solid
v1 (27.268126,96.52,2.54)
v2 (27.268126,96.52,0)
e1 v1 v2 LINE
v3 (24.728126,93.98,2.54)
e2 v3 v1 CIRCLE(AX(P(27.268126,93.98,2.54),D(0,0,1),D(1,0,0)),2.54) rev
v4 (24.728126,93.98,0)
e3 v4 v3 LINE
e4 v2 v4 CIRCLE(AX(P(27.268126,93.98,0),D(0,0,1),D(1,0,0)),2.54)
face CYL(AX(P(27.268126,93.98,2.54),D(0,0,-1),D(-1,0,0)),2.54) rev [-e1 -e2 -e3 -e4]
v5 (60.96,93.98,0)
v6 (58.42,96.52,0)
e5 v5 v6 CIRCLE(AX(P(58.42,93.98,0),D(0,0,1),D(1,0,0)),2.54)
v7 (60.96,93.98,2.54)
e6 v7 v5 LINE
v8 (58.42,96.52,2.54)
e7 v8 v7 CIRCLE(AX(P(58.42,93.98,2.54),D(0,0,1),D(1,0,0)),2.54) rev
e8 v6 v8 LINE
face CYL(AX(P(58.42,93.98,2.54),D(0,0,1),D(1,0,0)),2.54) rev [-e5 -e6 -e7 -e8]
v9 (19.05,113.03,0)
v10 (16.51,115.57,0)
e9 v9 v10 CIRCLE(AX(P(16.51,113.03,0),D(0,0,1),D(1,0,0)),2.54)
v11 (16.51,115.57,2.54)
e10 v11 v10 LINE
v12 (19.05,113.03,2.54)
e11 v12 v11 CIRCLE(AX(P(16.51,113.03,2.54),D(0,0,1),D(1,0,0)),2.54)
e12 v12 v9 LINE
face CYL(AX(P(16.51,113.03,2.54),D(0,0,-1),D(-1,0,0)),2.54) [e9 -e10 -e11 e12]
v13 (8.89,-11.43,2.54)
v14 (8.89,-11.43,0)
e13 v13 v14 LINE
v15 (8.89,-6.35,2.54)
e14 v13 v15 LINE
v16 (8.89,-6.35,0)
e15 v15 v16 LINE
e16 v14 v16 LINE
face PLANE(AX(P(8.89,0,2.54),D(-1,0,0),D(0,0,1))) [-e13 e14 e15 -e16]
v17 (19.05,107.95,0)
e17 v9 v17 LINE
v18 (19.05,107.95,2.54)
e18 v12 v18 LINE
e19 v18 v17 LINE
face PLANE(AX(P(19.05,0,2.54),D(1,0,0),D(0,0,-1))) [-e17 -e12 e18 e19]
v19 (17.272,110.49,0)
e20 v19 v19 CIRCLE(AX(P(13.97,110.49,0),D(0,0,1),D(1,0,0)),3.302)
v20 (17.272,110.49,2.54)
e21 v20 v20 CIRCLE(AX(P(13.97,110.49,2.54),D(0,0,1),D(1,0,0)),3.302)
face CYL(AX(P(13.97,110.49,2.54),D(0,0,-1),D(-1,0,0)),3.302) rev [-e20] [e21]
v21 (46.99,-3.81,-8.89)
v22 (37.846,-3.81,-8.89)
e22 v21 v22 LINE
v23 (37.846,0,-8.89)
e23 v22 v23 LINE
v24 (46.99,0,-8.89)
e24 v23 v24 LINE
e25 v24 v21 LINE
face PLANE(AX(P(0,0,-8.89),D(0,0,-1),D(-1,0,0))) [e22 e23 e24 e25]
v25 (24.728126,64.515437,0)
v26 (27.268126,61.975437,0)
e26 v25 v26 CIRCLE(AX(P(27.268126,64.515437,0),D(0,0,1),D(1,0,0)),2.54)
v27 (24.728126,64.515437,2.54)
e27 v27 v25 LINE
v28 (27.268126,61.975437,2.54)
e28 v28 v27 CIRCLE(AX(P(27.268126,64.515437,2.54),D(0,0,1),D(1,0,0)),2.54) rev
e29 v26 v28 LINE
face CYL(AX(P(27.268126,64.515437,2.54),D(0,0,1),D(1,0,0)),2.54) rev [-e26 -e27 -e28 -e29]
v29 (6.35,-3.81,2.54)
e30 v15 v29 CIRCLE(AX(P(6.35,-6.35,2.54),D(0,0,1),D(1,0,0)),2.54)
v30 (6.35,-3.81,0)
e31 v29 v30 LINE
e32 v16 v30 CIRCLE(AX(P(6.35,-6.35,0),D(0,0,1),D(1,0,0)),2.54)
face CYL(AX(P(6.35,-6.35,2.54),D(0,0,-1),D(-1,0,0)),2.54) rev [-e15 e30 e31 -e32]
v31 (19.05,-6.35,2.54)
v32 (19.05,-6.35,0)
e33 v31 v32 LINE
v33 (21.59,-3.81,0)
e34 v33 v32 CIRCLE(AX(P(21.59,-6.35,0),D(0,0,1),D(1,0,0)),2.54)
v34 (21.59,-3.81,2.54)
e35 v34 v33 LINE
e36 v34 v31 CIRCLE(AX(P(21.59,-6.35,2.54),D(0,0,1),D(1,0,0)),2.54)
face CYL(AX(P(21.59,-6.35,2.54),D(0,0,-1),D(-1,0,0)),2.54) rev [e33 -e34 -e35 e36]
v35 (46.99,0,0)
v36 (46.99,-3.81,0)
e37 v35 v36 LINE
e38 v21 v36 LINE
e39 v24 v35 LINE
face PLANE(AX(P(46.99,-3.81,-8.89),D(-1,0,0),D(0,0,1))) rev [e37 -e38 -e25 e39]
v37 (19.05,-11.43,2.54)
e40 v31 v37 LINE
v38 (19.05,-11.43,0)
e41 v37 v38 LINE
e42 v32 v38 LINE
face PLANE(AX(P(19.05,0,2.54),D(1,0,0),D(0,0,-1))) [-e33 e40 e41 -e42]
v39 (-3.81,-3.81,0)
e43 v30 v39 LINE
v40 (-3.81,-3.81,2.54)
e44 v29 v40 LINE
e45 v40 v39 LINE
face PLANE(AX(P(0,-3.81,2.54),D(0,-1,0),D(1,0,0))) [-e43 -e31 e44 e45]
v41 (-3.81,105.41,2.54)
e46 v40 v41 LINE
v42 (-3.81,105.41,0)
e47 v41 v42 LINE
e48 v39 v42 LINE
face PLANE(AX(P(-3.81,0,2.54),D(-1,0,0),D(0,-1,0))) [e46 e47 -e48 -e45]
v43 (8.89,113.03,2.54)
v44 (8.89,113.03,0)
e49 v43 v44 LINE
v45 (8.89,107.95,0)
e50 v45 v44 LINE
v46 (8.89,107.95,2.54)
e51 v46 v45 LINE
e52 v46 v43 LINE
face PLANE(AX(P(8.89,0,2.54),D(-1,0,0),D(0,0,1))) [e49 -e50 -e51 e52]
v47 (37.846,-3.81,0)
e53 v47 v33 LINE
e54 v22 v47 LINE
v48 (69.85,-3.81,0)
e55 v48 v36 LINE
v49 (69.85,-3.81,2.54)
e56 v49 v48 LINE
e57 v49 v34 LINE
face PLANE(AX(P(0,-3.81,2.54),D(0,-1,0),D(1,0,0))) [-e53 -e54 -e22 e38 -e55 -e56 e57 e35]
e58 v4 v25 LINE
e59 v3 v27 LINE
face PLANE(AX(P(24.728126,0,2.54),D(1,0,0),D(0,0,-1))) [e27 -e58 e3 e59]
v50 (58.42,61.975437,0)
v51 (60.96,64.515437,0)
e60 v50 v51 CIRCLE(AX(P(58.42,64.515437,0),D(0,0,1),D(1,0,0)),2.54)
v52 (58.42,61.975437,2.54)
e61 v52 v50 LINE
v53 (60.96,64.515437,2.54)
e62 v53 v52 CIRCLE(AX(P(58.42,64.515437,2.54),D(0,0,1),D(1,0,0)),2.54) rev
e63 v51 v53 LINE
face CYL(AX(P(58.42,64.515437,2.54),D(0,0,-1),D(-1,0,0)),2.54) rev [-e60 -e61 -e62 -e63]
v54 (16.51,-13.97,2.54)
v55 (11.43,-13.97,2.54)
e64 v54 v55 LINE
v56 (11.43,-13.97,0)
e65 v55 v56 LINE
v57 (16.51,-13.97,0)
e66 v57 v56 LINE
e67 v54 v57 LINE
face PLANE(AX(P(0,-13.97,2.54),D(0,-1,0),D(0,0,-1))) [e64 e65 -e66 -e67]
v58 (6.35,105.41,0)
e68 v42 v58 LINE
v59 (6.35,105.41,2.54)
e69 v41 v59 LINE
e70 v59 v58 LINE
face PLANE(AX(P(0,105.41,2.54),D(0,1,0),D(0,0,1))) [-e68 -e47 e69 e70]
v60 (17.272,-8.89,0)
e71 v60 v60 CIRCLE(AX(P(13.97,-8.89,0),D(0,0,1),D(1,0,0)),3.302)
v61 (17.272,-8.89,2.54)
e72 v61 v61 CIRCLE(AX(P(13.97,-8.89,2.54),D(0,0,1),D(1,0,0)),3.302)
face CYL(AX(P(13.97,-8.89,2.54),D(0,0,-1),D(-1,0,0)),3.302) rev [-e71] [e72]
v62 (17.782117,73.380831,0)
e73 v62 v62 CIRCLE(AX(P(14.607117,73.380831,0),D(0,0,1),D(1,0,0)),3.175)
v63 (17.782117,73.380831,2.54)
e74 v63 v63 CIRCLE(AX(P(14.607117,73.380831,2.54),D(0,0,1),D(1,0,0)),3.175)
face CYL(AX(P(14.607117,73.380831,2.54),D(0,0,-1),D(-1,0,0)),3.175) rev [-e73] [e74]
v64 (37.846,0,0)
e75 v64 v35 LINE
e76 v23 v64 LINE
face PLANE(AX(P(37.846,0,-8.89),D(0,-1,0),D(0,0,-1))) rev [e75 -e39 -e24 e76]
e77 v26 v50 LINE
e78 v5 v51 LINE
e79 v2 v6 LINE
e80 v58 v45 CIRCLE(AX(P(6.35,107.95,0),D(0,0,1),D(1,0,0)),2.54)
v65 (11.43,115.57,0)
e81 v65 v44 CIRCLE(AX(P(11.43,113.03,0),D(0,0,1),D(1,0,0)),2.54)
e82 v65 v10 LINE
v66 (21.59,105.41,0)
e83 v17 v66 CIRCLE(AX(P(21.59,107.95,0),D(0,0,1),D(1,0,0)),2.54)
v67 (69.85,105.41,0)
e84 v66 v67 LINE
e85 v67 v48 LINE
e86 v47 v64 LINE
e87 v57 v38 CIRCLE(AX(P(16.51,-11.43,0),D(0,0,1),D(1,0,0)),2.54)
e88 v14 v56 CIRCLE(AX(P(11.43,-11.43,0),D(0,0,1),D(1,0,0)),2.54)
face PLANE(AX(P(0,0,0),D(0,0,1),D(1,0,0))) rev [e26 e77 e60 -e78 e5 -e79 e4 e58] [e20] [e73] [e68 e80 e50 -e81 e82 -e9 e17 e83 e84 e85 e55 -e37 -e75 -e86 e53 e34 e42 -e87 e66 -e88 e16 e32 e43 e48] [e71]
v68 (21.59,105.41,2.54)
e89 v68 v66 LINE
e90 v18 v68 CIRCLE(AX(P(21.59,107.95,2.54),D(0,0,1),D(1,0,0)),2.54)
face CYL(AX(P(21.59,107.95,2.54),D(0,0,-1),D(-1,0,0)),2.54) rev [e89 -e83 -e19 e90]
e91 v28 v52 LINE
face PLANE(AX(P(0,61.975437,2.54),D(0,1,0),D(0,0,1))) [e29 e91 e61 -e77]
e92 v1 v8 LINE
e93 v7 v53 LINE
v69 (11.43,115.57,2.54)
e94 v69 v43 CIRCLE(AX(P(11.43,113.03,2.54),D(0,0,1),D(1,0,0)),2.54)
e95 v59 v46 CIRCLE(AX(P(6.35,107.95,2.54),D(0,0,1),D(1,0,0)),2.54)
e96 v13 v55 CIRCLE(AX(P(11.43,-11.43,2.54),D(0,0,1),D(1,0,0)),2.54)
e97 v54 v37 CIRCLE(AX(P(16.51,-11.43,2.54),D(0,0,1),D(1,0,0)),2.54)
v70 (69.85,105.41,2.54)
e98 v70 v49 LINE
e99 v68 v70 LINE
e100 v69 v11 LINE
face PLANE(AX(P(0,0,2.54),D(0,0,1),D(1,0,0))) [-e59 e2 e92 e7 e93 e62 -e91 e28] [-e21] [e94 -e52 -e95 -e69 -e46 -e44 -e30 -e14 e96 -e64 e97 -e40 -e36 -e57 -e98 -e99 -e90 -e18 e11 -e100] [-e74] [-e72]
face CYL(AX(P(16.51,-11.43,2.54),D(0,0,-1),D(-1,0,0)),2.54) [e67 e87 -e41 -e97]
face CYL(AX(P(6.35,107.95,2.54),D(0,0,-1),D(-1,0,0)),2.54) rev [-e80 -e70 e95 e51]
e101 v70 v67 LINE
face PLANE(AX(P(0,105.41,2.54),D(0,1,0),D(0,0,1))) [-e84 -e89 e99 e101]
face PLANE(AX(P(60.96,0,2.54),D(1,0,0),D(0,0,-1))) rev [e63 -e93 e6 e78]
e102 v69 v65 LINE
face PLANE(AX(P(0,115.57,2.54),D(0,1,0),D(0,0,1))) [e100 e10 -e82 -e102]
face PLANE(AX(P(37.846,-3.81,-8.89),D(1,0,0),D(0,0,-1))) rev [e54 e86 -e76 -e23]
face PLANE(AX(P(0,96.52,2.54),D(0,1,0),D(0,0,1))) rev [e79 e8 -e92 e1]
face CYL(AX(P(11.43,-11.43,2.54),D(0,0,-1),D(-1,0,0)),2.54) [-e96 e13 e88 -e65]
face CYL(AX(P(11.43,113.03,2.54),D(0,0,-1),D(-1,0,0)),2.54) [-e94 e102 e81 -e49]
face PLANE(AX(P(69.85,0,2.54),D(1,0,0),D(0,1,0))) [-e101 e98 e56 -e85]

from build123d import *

# Parameters (mm, degrees)
SKETCH1_R           = 3.302
SKETCH1_R_2         = 3.175
SKETCH1_W           = 36.231873889
SKETCH1_H           = 34.54456272
BOSS_EXTRUDE1_DEPTH = 2.54
SKETCH3_W           = 9.144
SKETCH3_H           = 3.81
BOSS_EXTRUDE2_DEPTH = 8.89
FILLET1_R           = 2.54


with BuildPart() as part:
    # Sketch1 → Boss-Extrude1 (new body)
    with BuildSketch(Plane.XY):
        with BuildLine():
            Line((19.05, 113.03), (19.05, 107.95))
            ThreePointArc((19.05, 107.95), (19.793948776, 106.153948776), (21.59, 105.41))
            Line((21.59, 105.41), (69.85, 105.41))
            Line((69.85, 105.41), (69.85, -3.81))
            Line((69.85, -3.81), (21.59, -3.81))
            ThreePointArc((21.59, -3.81), (19.793948776, -4.553948776), (19.05, -6.35))
            Line((19.05, -6.35), (19.05, -11.43))
            ThreePointArc((19.05, -11.43), (18.306051224, -13.226051224), (16.51, -13.97))
            Line((16.51, -13.97), (11.43, -13.97))
            ThreePointArc((11.43, -13.97), (9.633948776, -13.226051224), (8.89, -11.43))
            Line((8.89, -11.43), (8.89, -6.35))
            ThreePointArc((8.89, -6.35), (8.146051224, -4.553948776), (6.35, -3.81))
            Line((6.35, -3.81), (-3.81, -3.81))
            Line((-3.81, -3.81), (-3.81, 105.41))
            Line((-3.81, 105.41), (6.35, 105.41))
            ThreePointArc((6.35, 105.41), (8.146051224, 106.153948776), (8.89, 107.95))
            Line((8.89, 107.95), (8.89, 113.03))
            ThreePointArc((8.89, 113.03), (9.633948776, 114.826051224), (11.43, 115.57))
            Line((11.43, 115.57), (16.51, 115.57))
            ThreePointArc((16.51, 115.57), (18.306051224, 114.826051224), (19.05, 113.03))
        make_face()
        with Locations((13.97, 110.49)):
            Circle(SKETCH1_R, mode=Mode.SUBTRACT)
        with Locations((13.97, -8.89)):
            Circle(SKETCH1_R, mode=Mode.SUBTRACT)
        with Locations((14.607116803, 73.380830868)):
            Circle(SKETCH1_R_2, mode=Mode.SUBTRACT)
        with Locations((42.844063056, 79.24771864)):
            Rectangle(SKETCH1_W, SKETCH1_H, mode=Mode.SUBTRACT)
    extrude(amount=BOSS_EXTRUDE1_DEPTH)

    # Sketch3 → Boss-Extrude2 (add)
    with BuildSketch(Plane(origin=(0, 0, 0), x_dir=(-1, 0, 0), z_dir=(0, 0, -1))):
        with Locations((-42.418, -1.905)):
            Rectangle(SKETCH3_W, SKETCH3_H)
    extrude(amount=BOSS_EXTRUDE2_DEPTH)

    # Fillet1
    fillet1_edges = [part.edges().sort_by_distance(p)[0] for p in [
        (24.728126111, 61.97543728, 1.27),
        (60.96, 61.97543728, 1.27),
        (60.96, 96.52, 1.27),
        (24.728126111, 96.52, 1.27),
    ]]
    fillet(fillet1_edges, radius=FILLET1_R)


solid = part.part
